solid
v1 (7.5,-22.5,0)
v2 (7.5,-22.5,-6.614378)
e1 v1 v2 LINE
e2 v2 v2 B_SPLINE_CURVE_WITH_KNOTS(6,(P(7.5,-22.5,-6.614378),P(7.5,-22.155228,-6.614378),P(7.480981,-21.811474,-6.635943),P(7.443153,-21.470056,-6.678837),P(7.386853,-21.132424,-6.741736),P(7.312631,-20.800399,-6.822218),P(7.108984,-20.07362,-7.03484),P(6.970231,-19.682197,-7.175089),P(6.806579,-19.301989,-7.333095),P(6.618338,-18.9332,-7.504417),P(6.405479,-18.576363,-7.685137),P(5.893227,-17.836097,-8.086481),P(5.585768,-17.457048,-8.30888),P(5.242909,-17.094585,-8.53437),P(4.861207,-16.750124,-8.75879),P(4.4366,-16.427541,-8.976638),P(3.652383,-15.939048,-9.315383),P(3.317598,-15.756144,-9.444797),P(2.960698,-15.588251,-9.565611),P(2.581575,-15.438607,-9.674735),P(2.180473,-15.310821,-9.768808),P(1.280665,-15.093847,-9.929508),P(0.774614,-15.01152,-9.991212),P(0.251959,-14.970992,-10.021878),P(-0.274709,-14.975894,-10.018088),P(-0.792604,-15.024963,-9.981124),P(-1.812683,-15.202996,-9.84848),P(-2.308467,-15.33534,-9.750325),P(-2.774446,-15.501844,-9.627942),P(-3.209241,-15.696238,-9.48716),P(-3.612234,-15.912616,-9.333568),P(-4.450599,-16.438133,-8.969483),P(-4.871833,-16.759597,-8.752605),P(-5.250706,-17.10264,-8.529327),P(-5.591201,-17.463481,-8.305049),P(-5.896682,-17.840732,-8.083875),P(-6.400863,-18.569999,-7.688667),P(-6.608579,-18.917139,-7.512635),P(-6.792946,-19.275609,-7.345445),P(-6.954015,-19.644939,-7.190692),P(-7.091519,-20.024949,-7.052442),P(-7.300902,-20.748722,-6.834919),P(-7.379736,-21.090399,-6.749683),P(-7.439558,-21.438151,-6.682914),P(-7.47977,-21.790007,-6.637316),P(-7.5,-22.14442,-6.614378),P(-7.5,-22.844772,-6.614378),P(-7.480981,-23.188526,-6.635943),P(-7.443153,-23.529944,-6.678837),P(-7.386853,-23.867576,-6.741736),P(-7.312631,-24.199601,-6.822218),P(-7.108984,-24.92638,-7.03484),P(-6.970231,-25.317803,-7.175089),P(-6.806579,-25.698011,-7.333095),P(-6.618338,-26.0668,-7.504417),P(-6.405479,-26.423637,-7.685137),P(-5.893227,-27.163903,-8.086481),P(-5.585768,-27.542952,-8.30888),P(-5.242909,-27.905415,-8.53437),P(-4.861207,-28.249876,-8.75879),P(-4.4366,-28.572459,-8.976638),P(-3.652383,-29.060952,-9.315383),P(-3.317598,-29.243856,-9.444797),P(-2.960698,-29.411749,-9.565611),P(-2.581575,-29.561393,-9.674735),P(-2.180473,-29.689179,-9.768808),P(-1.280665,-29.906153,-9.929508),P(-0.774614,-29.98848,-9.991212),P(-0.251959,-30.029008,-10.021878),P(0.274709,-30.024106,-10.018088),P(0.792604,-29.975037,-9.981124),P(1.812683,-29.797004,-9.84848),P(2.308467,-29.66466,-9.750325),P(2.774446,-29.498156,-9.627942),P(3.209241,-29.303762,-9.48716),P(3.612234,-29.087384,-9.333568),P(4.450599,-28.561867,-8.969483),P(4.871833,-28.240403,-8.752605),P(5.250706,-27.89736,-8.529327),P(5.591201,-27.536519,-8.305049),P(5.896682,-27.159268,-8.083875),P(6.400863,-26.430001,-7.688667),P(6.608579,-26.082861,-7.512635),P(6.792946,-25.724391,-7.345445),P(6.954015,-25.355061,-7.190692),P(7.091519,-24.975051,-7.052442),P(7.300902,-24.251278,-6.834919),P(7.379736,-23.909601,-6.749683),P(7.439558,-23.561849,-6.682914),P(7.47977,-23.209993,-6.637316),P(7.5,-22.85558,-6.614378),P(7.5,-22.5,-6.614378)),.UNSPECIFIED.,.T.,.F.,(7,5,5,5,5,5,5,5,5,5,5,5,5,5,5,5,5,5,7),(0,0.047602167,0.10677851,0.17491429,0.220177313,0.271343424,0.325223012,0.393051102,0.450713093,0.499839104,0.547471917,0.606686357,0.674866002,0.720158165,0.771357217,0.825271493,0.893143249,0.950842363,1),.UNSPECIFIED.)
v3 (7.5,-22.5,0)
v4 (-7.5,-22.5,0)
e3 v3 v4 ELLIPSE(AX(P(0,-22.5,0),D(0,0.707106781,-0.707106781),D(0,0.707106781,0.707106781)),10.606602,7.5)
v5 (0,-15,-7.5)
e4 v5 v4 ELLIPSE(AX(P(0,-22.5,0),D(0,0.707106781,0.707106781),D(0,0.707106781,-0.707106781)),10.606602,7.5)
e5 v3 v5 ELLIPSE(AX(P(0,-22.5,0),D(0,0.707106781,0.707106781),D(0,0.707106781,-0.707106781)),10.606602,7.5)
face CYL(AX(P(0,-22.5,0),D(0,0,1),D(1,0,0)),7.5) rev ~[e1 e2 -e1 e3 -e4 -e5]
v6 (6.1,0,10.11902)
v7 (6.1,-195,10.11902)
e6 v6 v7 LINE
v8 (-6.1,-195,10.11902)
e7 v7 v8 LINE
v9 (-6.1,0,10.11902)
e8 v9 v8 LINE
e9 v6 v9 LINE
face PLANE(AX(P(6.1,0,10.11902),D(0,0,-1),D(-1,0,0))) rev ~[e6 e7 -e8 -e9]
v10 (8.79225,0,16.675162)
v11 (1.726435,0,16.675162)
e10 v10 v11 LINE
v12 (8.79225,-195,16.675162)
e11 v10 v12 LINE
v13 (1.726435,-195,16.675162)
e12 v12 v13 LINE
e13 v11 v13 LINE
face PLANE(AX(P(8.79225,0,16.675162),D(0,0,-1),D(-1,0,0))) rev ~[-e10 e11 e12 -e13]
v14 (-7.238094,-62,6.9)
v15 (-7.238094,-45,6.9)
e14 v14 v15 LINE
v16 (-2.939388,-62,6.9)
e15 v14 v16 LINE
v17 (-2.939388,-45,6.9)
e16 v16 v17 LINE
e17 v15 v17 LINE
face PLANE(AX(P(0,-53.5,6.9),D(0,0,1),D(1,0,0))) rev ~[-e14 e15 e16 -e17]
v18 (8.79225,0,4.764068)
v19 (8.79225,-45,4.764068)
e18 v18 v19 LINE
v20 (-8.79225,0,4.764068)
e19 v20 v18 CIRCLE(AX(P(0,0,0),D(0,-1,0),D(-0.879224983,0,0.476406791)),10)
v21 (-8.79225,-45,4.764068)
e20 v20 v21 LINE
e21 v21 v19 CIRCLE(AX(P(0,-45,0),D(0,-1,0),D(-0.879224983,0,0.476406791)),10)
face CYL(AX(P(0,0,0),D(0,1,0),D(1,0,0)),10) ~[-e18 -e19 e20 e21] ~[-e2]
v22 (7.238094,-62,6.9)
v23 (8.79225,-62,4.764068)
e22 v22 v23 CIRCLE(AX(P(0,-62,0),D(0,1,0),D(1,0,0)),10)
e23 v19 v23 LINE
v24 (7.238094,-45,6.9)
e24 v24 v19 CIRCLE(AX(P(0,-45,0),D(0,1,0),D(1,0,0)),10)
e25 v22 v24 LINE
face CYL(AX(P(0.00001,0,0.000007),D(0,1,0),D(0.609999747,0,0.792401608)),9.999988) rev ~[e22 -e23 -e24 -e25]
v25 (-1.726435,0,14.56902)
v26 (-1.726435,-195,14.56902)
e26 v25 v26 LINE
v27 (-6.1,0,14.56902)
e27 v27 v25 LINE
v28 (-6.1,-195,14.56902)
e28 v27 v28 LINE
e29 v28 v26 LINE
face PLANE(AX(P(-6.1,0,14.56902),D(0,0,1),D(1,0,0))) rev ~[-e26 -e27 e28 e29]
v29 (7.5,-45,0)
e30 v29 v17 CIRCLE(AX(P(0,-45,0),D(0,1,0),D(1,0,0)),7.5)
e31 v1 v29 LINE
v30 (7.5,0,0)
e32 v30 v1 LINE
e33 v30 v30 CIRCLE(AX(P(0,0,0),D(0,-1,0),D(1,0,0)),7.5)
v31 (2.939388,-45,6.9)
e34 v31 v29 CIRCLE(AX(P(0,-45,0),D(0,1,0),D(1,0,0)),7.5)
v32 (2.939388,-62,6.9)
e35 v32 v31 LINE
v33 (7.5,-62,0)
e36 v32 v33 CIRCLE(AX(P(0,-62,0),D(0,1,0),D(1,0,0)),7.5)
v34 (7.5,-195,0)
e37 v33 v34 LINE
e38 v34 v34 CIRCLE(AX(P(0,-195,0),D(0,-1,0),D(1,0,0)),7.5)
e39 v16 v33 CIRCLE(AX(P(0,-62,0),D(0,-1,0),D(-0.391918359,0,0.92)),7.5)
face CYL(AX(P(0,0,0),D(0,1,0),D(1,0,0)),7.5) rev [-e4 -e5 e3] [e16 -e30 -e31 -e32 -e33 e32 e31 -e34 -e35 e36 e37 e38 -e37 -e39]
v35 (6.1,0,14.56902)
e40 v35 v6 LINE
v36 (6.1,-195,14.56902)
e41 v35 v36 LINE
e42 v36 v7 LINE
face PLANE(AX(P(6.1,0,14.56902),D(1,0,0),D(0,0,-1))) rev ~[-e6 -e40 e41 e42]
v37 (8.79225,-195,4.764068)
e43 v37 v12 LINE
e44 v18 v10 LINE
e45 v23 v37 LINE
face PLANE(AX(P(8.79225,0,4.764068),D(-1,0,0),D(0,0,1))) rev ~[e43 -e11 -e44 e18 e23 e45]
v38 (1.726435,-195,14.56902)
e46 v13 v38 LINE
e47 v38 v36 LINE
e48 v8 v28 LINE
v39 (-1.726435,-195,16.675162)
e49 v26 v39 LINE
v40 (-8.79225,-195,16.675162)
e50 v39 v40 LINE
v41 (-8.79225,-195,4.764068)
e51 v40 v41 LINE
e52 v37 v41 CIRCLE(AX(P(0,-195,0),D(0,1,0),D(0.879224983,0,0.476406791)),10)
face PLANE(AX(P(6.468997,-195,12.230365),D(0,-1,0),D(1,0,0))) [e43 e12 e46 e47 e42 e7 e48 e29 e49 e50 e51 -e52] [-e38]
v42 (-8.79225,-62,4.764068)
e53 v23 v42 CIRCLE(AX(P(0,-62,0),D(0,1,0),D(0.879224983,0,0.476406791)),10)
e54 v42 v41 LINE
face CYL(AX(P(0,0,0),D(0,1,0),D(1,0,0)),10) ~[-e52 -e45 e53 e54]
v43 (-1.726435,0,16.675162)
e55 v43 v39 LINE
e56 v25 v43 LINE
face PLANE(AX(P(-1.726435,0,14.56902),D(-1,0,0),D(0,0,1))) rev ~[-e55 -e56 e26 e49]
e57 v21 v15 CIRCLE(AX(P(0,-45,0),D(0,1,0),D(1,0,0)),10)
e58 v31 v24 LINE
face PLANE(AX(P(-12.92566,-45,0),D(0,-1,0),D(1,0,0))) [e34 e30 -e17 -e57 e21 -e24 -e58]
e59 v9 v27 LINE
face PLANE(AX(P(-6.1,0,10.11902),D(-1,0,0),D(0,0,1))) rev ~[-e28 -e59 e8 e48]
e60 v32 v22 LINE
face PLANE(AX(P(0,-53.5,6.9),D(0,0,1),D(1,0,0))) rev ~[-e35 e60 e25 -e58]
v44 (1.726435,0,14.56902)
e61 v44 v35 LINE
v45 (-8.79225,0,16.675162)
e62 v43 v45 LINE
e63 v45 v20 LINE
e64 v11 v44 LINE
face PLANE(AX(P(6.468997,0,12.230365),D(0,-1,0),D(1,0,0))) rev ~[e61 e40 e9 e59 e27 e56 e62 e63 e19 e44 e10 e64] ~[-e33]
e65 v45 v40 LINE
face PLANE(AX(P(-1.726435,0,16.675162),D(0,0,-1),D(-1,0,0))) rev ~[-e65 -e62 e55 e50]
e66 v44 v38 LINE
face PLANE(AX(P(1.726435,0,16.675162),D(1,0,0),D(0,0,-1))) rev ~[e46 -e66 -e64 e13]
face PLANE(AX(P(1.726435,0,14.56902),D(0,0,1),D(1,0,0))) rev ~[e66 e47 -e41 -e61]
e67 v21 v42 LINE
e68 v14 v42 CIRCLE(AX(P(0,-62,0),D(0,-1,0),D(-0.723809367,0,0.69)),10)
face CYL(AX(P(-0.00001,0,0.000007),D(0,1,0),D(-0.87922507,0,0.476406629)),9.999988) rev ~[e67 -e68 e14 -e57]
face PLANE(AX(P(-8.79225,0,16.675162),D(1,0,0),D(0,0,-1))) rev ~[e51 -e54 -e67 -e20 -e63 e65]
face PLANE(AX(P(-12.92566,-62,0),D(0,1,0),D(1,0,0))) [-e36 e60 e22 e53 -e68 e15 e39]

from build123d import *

# Parameters (mm, degrees)
F0_R     = 10
F0_R_2   = 7.5
F1_DEPTH = 195
F2_R     = 7.5
F3_DEPTH = 25
F4_W     = 25.85132
F4_H     = 17
F5_DEPTH = 25
F6_DEPTH = 6.9
F8_DEPTH = 195


with BuildPart() as f1:
    # F0 (on Front) → F1 (new body)
    with BuildSketch(Plane.XZ):
        Circle(F0_R)
        Circle(F0_R_2, mode=Mode.SUBTRACT)
    extrude(amount=F1_DEPTH)

    # F2 (on Top) → F3 (cut)
    with BuildSketch(Plane.XY):
        with Locations((0, -22.5)):
            Circle(F2_R)
    extrude(amount=-F3_DEPTH, mode=Mode.SUBTRACT)

    # F4 (on Top) → F5 (cut)
    with BuildSketch(Plane.XY):
        with Locations((0, -53.5)):
            Rectangle(F4_W, F4_H)
    extrude(amount=-F5_DEPTH, mode=Mode.SUBTRACT)

    # F4 (on Top) → F6 (cut)
    with BuildSketch(Plane.XY):
        with Locations((0, -53.5)):
            Rectangle(F4_W, F4_H)
    extrude(amount=F6_DEPTH, mode=Mode.SUBTRACT)

    # F7 (on Front) → F8 (join)
    with BuildSketch(Plane.XZ):
        with BuildLine():
            ThreePointArc((6.1, 7.924014), (7.611905, 6.485284), (8.79225, 4.764068))
            Line((8.79225, 4.764068), (8.79225, 5.520866))
            Line((8.79225, 5.520866), (8.79225, 16.675162))
            Line((8.79225, 16.675162), (1.726435, 16.675162))
            Line((1.726435, 16.675162), (1.726435, 14.56902))
            Line((1.726435, 14.56902), (6.1, 14.56902))
            Line((6.1, 14.56902), (6.1, 10.11902))
            Line((6.1, 10.11902), (6.1, 7.924014))
        make_face()
        with BuildLine():
            Line((-8.79225, 5.520866), (-8.79225, 4.764068))
            ThreePointArc((-8.79225, 4.764068), (-7.611905, 6.485284), (-6.1, 7.924014))
            Line((-6.1, 7.924014), (-6.1, 10.11902))
            Line((-6.1, 10.11902), (-6.1, 14.56902))
            Line((-6.1, 14.56902), (-1.726435, 14.56902))
            Line((-1.726435, 14.56902), (-1.726435, 16.675162))
            Line((-1.726435, 16.675162), (-8.79225, 16.675162))
            Line((-8.79225, 16.675162), (-8.79225, 5.520866))
        make_face()
        with BuildLine():
            Line((-6.1, 10.11902), (-6.1, 7.924014))
            ThreePointArc((-6.1, 7.924014), (0, 10), (6.1, 7.924014))
            Line((6.1, 7.924014), (6.1, 10.11902))
            Line((6.1, 10.11902), (-6.1, 10.11902))
        make_face()
    extrude(amount=F8_DEPTH)


solid = f1.part
